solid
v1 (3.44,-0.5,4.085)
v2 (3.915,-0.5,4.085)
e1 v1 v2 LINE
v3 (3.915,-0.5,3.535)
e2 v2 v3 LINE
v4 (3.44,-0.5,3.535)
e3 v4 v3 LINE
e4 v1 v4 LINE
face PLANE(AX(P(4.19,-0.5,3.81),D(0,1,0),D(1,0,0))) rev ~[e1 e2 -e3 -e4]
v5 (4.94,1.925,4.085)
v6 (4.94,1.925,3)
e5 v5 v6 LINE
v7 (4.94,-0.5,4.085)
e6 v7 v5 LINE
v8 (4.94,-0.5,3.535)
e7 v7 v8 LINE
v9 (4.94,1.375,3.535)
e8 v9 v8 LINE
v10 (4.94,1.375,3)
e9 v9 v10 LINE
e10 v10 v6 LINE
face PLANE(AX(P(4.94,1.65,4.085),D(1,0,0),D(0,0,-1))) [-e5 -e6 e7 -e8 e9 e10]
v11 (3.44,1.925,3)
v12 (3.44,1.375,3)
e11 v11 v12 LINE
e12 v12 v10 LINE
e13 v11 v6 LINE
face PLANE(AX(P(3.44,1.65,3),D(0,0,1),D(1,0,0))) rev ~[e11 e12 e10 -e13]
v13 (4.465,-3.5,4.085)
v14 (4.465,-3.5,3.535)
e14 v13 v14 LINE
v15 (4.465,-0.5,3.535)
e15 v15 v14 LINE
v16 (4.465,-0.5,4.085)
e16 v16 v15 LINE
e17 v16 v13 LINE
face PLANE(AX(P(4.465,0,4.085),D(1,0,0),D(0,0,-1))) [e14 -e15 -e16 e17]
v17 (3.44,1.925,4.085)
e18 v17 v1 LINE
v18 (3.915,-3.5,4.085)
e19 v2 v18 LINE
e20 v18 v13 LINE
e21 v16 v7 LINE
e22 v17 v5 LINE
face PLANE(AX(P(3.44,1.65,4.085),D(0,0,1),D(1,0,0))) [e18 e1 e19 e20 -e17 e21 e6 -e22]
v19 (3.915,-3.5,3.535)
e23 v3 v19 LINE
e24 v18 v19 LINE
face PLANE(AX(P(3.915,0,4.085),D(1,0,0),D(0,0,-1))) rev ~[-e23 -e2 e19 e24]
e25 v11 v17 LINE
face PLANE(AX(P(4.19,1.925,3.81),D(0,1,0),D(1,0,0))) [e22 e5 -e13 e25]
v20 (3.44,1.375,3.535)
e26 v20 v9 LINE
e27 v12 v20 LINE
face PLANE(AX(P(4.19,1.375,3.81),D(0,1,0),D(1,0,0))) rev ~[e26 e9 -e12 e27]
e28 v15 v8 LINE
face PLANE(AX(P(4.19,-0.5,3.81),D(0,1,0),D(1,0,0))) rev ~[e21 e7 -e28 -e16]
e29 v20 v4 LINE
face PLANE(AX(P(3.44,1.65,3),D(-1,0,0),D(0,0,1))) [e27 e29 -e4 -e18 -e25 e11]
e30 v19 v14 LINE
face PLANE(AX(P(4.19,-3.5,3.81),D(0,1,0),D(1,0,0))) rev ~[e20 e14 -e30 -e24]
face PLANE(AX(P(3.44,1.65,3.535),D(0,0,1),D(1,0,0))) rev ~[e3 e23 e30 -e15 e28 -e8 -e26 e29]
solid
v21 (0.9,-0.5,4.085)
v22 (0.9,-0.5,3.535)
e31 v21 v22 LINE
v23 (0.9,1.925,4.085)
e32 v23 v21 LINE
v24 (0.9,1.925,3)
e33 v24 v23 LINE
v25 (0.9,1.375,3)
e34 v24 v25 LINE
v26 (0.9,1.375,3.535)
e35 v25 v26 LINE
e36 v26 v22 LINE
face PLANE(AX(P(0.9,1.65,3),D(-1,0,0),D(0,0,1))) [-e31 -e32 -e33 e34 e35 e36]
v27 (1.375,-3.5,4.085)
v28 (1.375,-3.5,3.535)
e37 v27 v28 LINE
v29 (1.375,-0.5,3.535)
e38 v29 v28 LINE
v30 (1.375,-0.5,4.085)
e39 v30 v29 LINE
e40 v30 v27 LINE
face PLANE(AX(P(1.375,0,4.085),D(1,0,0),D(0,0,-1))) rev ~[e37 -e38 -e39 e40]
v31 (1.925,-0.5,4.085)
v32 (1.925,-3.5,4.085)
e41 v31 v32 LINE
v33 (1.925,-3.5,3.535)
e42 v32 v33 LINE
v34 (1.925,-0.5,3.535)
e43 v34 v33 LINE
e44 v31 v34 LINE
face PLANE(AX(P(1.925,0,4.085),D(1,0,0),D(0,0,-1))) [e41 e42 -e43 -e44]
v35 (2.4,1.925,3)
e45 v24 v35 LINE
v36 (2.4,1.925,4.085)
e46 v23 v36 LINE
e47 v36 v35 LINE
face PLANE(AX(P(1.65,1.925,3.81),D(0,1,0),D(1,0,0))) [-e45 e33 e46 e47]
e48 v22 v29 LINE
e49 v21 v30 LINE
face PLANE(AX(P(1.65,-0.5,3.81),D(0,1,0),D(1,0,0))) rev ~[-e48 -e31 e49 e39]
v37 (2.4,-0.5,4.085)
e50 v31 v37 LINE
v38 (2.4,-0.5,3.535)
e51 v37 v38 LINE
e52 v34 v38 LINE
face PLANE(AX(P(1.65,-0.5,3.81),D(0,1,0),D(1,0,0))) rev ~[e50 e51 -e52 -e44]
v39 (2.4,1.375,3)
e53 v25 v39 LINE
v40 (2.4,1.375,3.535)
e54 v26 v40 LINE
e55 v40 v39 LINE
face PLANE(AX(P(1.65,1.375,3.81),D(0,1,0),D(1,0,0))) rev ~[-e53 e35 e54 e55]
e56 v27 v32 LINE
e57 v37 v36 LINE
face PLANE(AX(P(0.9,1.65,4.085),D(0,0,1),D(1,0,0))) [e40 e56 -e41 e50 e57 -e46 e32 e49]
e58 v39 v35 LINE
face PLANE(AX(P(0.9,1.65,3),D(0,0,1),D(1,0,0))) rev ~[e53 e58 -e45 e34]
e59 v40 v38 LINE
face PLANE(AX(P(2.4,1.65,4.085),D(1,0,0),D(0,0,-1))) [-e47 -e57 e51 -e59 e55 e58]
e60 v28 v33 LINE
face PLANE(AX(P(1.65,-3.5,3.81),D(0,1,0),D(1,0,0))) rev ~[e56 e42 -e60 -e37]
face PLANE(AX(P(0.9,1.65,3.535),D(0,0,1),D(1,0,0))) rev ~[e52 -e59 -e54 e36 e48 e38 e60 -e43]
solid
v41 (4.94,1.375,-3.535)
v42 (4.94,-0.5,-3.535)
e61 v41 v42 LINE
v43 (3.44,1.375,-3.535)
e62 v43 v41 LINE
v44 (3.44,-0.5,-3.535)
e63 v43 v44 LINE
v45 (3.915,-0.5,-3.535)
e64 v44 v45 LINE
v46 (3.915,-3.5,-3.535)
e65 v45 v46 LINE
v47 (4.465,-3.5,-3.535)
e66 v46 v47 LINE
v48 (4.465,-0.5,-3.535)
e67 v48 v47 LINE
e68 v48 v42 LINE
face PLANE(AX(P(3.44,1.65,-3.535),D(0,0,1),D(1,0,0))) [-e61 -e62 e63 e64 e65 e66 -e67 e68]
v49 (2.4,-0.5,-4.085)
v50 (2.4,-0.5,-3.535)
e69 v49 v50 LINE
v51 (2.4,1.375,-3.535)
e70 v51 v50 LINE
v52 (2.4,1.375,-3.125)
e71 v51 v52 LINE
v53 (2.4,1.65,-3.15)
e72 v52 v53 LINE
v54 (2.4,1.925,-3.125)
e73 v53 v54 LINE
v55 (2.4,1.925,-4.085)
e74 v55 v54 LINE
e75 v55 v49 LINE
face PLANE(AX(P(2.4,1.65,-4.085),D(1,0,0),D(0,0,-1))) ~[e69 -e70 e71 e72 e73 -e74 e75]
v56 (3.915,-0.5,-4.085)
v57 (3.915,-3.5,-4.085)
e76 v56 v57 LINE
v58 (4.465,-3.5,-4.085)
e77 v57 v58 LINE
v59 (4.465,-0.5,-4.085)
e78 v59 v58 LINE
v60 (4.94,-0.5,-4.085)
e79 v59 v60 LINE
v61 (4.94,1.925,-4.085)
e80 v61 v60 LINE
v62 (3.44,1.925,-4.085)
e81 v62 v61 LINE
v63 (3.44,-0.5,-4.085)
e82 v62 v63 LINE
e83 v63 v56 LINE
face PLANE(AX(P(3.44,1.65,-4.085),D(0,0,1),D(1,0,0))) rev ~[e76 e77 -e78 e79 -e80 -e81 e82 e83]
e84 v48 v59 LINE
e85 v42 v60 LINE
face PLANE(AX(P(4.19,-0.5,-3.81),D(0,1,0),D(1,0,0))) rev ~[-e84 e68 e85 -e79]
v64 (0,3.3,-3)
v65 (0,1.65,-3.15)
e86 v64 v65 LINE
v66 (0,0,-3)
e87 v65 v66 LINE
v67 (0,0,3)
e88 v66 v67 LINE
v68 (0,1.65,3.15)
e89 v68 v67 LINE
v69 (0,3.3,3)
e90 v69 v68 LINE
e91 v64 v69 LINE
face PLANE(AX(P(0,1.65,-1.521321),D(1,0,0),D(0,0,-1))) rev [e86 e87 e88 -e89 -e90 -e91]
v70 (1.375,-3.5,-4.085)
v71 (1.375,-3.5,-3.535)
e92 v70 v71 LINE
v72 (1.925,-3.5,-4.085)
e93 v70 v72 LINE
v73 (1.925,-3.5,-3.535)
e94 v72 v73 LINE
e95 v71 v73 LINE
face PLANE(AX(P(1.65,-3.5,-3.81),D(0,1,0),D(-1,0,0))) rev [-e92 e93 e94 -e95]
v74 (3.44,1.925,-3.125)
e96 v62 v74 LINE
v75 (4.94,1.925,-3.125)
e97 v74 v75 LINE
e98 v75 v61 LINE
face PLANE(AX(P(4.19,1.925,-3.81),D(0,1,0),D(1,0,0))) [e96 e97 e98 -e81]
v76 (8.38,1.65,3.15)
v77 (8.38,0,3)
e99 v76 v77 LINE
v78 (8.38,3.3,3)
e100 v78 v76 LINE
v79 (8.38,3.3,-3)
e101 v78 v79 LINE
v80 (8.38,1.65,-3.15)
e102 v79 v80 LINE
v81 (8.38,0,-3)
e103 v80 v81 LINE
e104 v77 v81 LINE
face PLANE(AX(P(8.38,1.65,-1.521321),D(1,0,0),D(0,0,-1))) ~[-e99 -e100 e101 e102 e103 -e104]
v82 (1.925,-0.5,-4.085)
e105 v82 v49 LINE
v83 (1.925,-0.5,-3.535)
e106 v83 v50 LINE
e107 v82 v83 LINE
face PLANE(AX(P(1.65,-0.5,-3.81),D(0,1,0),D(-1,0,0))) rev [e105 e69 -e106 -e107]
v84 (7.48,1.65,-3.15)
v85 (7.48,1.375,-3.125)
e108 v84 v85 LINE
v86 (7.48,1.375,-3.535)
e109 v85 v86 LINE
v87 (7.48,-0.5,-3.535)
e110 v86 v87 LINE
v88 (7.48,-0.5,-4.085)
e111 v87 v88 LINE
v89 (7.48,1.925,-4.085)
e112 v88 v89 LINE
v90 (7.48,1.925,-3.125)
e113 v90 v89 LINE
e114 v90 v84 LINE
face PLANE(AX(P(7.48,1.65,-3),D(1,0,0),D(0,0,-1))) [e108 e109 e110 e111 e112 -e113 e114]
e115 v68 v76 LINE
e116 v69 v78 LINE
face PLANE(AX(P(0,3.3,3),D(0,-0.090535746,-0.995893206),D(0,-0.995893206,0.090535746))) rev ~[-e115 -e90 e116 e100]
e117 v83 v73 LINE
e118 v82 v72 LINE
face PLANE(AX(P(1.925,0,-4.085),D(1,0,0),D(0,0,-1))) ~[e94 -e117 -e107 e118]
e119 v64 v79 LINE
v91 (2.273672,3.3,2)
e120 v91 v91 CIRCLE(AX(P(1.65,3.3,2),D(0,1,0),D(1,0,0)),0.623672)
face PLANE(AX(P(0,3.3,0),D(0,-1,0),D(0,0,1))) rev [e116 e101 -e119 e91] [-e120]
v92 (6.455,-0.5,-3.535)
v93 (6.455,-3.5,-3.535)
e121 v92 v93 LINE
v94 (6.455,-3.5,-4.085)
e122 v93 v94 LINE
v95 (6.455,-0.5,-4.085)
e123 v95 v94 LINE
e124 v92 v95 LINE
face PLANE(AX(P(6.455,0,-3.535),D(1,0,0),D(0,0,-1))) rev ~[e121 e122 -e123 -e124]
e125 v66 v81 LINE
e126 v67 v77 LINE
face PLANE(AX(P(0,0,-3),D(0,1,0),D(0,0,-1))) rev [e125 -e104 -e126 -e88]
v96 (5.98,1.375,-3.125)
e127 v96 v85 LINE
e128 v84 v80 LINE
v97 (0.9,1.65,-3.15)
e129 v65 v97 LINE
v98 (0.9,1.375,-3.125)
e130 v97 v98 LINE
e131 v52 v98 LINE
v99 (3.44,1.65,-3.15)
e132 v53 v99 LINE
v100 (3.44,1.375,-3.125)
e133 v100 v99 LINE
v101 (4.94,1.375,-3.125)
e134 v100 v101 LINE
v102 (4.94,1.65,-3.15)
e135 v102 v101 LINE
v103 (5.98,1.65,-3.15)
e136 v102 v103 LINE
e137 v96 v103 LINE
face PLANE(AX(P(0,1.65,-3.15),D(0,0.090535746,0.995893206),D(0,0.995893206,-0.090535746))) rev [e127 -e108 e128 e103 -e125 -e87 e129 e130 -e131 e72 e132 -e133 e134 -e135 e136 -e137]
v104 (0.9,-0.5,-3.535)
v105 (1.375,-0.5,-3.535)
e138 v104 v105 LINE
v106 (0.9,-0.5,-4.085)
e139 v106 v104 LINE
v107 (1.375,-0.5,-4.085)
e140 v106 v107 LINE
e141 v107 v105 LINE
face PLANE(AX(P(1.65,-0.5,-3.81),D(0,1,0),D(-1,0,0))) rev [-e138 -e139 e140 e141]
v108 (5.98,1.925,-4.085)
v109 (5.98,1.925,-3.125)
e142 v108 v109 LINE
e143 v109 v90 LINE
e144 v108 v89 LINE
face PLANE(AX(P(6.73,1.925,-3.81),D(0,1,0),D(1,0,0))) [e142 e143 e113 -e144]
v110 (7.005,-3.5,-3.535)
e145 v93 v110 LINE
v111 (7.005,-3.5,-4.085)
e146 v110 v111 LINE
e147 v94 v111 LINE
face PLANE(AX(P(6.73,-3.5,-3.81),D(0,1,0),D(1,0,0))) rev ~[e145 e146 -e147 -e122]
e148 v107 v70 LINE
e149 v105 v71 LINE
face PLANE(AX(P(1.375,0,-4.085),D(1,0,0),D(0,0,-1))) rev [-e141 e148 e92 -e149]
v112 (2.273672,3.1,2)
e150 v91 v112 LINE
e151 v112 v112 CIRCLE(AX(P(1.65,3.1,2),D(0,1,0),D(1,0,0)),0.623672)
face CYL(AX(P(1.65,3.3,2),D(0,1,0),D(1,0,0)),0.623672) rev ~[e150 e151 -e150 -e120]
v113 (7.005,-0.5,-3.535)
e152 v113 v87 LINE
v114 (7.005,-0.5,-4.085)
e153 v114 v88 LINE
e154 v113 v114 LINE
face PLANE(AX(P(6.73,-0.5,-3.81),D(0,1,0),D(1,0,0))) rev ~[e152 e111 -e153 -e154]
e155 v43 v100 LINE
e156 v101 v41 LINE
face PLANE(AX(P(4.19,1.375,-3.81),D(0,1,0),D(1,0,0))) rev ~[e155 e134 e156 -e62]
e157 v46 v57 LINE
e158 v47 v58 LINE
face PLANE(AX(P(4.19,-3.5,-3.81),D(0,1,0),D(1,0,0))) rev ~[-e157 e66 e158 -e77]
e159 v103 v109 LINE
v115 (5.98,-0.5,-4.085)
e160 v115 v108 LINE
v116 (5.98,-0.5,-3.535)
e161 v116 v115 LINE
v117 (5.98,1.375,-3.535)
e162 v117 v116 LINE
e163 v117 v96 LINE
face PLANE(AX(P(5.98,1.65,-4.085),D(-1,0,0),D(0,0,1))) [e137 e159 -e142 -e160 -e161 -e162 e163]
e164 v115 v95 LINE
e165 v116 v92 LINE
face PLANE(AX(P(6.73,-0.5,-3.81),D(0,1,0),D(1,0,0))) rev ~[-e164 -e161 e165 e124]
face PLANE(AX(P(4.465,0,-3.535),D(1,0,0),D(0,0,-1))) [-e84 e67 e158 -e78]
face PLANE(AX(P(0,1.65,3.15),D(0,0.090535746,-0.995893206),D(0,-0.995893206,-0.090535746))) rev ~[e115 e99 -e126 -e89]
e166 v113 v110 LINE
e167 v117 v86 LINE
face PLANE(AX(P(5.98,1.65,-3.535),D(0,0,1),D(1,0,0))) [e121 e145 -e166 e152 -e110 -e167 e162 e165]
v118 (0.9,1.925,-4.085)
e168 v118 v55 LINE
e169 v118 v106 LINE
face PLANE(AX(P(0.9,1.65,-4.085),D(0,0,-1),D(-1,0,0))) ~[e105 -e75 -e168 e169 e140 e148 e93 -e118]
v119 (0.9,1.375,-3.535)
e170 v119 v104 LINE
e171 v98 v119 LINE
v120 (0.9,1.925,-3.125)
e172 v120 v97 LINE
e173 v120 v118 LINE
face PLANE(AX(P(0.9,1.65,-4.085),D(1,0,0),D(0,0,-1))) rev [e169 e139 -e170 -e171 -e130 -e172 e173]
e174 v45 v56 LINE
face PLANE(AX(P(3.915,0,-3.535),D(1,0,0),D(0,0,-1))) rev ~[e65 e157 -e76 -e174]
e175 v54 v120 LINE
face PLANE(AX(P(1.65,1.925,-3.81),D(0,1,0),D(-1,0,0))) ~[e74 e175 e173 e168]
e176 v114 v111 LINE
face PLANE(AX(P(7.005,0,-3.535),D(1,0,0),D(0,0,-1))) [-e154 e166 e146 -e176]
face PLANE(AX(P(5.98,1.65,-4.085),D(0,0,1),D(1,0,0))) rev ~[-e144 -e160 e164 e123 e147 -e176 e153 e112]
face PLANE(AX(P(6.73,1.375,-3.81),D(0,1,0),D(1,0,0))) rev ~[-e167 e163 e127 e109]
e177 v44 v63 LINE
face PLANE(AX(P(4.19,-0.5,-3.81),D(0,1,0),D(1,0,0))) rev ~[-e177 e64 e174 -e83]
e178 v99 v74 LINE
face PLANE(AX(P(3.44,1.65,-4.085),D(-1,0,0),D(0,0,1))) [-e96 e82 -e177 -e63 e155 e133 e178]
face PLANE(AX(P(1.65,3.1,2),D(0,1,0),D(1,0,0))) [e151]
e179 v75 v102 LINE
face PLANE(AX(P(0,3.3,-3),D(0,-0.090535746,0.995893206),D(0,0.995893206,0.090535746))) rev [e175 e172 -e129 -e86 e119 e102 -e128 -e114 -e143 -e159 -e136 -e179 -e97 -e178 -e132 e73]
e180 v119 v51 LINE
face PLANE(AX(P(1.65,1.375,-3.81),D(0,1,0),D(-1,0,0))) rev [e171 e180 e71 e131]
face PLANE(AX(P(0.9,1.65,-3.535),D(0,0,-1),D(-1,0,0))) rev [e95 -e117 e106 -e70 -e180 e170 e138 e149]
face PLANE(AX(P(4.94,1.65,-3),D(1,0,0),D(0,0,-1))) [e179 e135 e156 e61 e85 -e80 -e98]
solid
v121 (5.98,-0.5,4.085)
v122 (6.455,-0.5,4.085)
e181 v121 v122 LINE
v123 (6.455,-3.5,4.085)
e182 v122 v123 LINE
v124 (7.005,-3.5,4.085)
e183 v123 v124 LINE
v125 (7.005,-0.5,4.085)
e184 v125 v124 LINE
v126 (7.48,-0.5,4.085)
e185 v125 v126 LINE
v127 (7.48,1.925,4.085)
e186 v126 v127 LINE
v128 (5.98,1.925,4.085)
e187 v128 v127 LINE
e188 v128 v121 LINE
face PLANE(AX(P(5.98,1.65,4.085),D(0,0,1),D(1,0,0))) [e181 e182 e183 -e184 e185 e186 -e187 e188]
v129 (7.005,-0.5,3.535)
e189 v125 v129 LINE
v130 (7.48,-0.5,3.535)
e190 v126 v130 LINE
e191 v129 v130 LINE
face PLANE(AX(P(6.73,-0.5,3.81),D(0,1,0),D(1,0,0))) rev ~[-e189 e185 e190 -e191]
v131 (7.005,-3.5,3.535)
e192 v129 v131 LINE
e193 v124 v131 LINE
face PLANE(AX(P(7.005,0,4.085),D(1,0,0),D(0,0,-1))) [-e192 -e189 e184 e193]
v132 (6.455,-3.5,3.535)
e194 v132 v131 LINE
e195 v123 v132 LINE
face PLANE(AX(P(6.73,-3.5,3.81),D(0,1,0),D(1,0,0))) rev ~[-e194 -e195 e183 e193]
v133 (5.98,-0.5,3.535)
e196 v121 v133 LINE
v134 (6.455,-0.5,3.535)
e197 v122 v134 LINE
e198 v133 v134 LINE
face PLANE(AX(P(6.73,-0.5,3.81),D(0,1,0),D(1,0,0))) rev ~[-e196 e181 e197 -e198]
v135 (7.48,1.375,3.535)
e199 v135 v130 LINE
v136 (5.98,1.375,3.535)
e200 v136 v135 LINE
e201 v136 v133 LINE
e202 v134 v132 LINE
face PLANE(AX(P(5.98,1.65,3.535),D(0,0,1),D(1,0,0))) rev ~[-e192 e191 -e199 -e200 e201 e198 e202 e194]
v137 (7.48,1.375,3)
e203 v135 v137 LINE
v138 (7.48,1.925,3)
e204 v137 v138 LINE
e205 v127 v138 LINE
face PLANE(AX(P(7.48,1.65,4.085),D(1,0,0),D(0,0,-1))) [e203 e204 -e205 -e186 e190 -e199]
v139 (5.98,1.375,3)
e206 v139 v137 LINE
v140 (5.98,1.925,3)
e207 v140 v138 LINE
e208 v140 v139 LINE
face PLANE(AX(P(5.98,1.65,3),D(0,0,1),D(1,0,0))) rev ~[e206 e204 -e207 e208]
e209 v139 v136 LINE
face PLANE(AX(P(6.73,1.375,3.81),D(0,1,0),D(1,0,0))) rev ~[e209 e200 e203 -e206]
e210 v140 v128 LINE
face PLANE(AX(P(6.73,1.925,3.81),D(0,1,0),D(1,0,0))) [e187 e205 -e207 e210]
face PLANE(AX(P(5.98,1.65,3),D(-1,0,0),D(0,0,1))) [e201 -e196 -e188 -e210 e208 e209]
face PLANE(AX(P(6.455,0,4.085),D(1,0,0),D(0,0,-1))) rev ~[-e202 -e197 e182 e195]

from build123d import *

# Parameters (mm, degrees)
BOSS_EXTRUDE1_DEPTH     = 8.38
SKETCH5_W               = 1.5
SKETCH5_H               = 1.085
BOSS_EXTRUDE2_DEPTH     = 0.275
SKETCH5_3_W             = 1.5
SKETCH5_3_H             = 0.55
BOSS_EXTRUDE4_DEPTH     = 2.15
SKETCH3_W               = 0.55
SKETCH3_H               = 0.55
BOSS_EXTRUDE5_DEPTH     = 3.5
LPATTERN1_COUNT         = 3
LPATTERN1_PITCH         = 2.54
MIRROR3_COPY_1_SKETCH_W = 1.5
MIRROR3_COPY_1_SKETCH_H = 1.085
MIRROR3_COPY_1_DEPTH    = 0.275
MIRROR3_COPY_2_SKETCH_W = 1.5
MIRROR3_COPY_2_SKETCH_H = 1.085
MIRROR3_COPY_2_DEPTH    = 0.275
MIRROR3_COPY_3_SKETCH_W = 1.5
MIRROR3_COPY_3_SKETCH_H = 0.55
MIRROR3_COPY_3_DEPTH    = 2.15
MIRROR3_COPY_4_SKETCH_W = 1.5
MIRROR3_COPY_4_SKETCH_H = 0.55
MIRROR3_COPY_4_DEPTH    = 2.15
MIRROR3_COPY_5_SKETCH_W = 0.55
MIRROR3_COPY_5_SKETCH_H = 0.55
MIRROR3_COPY_5_DEPTH    = 3.5
MIRROR3_COPY_6_SKETCH_W = 0.55
MIRROR3_COPY_6_SKETCH_H = 0.55
MIRROR3_COPY_6_DEPTH    = 3.5
SKETCH6_R               = 0.623672025
CUT_EXTRUDE1_DEPTH      = 0.2


with BuildPart() as part:
    # Sketch2 → Boss-Extrude1 (new body)
    with BuildSketch(Plane(origin=(0, 0, 0), x_dir=(0, 0, -1), z_dir=(1, 0, 0))):
        Polygon((0, 0), (0, 3.3), (-3, 3.3), (-3.15, 1.65), (-3, 0), align=None)
    boss_extrude1 = extrude(amount=BOSS_EXTRUDE1_DEPTH)

    # Mirror2: Boss-Extrude1 across plane
    add(boss_extrude1.mirror(Plane.XY))


with BuildPart() as body_2:
    # Sketch5 → Boss-Extrude2 (new, symmetric)
    with BuildSketch(Plane(origin=(0, 1.65, 0), x_dir=(1, 0, 0), z_dir=(0, 1, 0))):
        with Locations((1.65, -3.5425)):
            Rectangle(SKETCH5_W, SKETCH5_H)
    boss_extrude2 = extrude(amount=BOSS_EXTRUDE2_DEPTH, both=True)

    # Sketch5<3> → Boss-Extrude4 (add)
    with BuildSketch(Plane(origin=(0, 1.65, 0), x_dir=(1, 0, 0), z_dir=(0, 1, 0))):
        with Locations((1.65, -3.81)):
            Rectangle(SKETCH5_3_W, SKETCH5_3_H)
    boss_extrude4 = extrude(amount=-BOSS_EXTRUDE4_DEPTH)

    # Sketch3 → Boss-Extrude5 (add)
    with BuildSketch(Plane(origin=(0, 0, 0), x_dir=(1, 0, 0), z_dir=(0, 1, 0))):
        with Locations((1.65, -3.81)):
            Rectangle(SKETCH3_W, SKETCH3_H)
    boss_extrude5 = extrude(amount=-BOSS_EXTRUDE5_DEPTH)


with BuildPart() as lpattern1_1:
    # LPattern1: Boss-Extrude2, Boss-Extrude4, Boss-Extrude5 ×3
    with Locations(*[(i * LPATTERN1_PITCH, 0, 0) for i in range(1, LPATTERN1_COUNT)]):
        add(boss_extrude2)
        add(boss_extrude4)
        add(boss_extrude5)


with BuildPart() as part_1:
    add(part.part)

    # Mirror3: Boss-Extrude2, Boss-Extrude4, Boss-Extrude5 across plane
    add(boss_extrude2.mirror(Plane.XY))
    add(boss_extrude4.mirror(Plane.XY))
    add(boss_extrude5.mirror(Plane.XY))

    # Mirror3 copy 1 sketch → Mirror3 copy 1 (add, symmetric)
    with BuildSketch(Plane(origin=(2.54, 1.65, 0), x_dir=(1, 0, 0), z_dir=(0, 1, 0))):
        with Locations((1.65, 3.5425)):
            Rectangle(MIRROR3_COPY_1_SKETCH_W, MIRROR3_COPY_1_SKETCH_H)
    extrude(amount=MIRROR3_COPY_1_DEPTH, both=True)

    # Mirror3 copy 2 sketch → Mirror3 copy 2 (add, symmetric)
    with BuildSketch(Plane(origin=(5.08, 1.65, 0), x_dir=(1, 0, 0), z_dir=(0, 1, 0))):
        with Locations((1.65, 3.5425)):
            Rectangle(MIRROR3_COPY_2_SKETCH_W, MIRROR3_COPY_2_SKETCH_H)
    extrude(amount=MIRROR3_COPY_2_DEPTH, both=True)

    # Mirror3 copy 3 sketch → Mirror3 copy 3 (add)
    with BuildSketch(Plane(origin=(2.54, 1.65, 0), x_dir=(1, 0, 0), z_dir=(0, 1, 0))):
        with Locations((1.65, 3.81)):
            Rectangle(MIRROR3_COPY_3_SKETCH_W, MIRROR3_COPY_3_SKETCH_H)
    extrude(amount=-MIRROR3_COPY_3_DEPTH)

    # Mirror3 copy 4 sketch → Mirror3 copy 4 (add)
    with BuildSketch(Plane(origin=(5.08, 1.65, 0), x_dir=(1, 0, 0), z_dir=(0, 1, 0))):
        with Locations((1.65, 3.81)):
            Rectangle(MIRROR3_COPY_4_SKETCH_W, MIRROR3_COPY_4_SKETCH_H)
    extrude(amount=-MIRROR3_COPY_4_DEPTH)

    # Mirror3 copy 5 sketch → Mirror3 copy 5 (add)
    with BuildSketch(Plane(origin=(2.54, 0, 0), x_dir=(1, 0, 0), z_dir=(0, 1, 0))):
        with Locations((1.65, 3.81)):
            Rectangle(MIRROR3_COPY_5_SKETCH_W, MIRROR3_COPY_5_SKETCH_H)
    extrude(amount=-MIRROR3_COPY_5_DEPTH)

    # Mirror3 copy 6 sketch → Mirror3 copy 6 (add)
    with BuildSketch(Plane(origin=(5.08, 0, 0), x_dir=(1, 0, 0), z_dir=(0, 1, 0))):
        with Locations((1.65, 3.81)):
            Rectangle(MIRROR3_COPY_6_SKETCH_W, MIRROR3_COPY_6_SKETCH_H)
    extrude(amount=-MIRROR3_COPY_6_DEPTH)

    # Sketch6 → Cut-Extrude1 (cut)
    with BuildSketch(Plane(origin=(0, 3.3, 0), x_dir=(1, 0, 0), z_dir=(0, 1, 0))):
        with Locations((1.65, -2)):
            Circle(SKETCH6_R)
    extrude(amount=-CUT_EXTRUDE1_DEPTH, mode=Mode.SUBTRACT)


solid = Compound([body_2.part, lpattern1_1.part, part_1.part])
